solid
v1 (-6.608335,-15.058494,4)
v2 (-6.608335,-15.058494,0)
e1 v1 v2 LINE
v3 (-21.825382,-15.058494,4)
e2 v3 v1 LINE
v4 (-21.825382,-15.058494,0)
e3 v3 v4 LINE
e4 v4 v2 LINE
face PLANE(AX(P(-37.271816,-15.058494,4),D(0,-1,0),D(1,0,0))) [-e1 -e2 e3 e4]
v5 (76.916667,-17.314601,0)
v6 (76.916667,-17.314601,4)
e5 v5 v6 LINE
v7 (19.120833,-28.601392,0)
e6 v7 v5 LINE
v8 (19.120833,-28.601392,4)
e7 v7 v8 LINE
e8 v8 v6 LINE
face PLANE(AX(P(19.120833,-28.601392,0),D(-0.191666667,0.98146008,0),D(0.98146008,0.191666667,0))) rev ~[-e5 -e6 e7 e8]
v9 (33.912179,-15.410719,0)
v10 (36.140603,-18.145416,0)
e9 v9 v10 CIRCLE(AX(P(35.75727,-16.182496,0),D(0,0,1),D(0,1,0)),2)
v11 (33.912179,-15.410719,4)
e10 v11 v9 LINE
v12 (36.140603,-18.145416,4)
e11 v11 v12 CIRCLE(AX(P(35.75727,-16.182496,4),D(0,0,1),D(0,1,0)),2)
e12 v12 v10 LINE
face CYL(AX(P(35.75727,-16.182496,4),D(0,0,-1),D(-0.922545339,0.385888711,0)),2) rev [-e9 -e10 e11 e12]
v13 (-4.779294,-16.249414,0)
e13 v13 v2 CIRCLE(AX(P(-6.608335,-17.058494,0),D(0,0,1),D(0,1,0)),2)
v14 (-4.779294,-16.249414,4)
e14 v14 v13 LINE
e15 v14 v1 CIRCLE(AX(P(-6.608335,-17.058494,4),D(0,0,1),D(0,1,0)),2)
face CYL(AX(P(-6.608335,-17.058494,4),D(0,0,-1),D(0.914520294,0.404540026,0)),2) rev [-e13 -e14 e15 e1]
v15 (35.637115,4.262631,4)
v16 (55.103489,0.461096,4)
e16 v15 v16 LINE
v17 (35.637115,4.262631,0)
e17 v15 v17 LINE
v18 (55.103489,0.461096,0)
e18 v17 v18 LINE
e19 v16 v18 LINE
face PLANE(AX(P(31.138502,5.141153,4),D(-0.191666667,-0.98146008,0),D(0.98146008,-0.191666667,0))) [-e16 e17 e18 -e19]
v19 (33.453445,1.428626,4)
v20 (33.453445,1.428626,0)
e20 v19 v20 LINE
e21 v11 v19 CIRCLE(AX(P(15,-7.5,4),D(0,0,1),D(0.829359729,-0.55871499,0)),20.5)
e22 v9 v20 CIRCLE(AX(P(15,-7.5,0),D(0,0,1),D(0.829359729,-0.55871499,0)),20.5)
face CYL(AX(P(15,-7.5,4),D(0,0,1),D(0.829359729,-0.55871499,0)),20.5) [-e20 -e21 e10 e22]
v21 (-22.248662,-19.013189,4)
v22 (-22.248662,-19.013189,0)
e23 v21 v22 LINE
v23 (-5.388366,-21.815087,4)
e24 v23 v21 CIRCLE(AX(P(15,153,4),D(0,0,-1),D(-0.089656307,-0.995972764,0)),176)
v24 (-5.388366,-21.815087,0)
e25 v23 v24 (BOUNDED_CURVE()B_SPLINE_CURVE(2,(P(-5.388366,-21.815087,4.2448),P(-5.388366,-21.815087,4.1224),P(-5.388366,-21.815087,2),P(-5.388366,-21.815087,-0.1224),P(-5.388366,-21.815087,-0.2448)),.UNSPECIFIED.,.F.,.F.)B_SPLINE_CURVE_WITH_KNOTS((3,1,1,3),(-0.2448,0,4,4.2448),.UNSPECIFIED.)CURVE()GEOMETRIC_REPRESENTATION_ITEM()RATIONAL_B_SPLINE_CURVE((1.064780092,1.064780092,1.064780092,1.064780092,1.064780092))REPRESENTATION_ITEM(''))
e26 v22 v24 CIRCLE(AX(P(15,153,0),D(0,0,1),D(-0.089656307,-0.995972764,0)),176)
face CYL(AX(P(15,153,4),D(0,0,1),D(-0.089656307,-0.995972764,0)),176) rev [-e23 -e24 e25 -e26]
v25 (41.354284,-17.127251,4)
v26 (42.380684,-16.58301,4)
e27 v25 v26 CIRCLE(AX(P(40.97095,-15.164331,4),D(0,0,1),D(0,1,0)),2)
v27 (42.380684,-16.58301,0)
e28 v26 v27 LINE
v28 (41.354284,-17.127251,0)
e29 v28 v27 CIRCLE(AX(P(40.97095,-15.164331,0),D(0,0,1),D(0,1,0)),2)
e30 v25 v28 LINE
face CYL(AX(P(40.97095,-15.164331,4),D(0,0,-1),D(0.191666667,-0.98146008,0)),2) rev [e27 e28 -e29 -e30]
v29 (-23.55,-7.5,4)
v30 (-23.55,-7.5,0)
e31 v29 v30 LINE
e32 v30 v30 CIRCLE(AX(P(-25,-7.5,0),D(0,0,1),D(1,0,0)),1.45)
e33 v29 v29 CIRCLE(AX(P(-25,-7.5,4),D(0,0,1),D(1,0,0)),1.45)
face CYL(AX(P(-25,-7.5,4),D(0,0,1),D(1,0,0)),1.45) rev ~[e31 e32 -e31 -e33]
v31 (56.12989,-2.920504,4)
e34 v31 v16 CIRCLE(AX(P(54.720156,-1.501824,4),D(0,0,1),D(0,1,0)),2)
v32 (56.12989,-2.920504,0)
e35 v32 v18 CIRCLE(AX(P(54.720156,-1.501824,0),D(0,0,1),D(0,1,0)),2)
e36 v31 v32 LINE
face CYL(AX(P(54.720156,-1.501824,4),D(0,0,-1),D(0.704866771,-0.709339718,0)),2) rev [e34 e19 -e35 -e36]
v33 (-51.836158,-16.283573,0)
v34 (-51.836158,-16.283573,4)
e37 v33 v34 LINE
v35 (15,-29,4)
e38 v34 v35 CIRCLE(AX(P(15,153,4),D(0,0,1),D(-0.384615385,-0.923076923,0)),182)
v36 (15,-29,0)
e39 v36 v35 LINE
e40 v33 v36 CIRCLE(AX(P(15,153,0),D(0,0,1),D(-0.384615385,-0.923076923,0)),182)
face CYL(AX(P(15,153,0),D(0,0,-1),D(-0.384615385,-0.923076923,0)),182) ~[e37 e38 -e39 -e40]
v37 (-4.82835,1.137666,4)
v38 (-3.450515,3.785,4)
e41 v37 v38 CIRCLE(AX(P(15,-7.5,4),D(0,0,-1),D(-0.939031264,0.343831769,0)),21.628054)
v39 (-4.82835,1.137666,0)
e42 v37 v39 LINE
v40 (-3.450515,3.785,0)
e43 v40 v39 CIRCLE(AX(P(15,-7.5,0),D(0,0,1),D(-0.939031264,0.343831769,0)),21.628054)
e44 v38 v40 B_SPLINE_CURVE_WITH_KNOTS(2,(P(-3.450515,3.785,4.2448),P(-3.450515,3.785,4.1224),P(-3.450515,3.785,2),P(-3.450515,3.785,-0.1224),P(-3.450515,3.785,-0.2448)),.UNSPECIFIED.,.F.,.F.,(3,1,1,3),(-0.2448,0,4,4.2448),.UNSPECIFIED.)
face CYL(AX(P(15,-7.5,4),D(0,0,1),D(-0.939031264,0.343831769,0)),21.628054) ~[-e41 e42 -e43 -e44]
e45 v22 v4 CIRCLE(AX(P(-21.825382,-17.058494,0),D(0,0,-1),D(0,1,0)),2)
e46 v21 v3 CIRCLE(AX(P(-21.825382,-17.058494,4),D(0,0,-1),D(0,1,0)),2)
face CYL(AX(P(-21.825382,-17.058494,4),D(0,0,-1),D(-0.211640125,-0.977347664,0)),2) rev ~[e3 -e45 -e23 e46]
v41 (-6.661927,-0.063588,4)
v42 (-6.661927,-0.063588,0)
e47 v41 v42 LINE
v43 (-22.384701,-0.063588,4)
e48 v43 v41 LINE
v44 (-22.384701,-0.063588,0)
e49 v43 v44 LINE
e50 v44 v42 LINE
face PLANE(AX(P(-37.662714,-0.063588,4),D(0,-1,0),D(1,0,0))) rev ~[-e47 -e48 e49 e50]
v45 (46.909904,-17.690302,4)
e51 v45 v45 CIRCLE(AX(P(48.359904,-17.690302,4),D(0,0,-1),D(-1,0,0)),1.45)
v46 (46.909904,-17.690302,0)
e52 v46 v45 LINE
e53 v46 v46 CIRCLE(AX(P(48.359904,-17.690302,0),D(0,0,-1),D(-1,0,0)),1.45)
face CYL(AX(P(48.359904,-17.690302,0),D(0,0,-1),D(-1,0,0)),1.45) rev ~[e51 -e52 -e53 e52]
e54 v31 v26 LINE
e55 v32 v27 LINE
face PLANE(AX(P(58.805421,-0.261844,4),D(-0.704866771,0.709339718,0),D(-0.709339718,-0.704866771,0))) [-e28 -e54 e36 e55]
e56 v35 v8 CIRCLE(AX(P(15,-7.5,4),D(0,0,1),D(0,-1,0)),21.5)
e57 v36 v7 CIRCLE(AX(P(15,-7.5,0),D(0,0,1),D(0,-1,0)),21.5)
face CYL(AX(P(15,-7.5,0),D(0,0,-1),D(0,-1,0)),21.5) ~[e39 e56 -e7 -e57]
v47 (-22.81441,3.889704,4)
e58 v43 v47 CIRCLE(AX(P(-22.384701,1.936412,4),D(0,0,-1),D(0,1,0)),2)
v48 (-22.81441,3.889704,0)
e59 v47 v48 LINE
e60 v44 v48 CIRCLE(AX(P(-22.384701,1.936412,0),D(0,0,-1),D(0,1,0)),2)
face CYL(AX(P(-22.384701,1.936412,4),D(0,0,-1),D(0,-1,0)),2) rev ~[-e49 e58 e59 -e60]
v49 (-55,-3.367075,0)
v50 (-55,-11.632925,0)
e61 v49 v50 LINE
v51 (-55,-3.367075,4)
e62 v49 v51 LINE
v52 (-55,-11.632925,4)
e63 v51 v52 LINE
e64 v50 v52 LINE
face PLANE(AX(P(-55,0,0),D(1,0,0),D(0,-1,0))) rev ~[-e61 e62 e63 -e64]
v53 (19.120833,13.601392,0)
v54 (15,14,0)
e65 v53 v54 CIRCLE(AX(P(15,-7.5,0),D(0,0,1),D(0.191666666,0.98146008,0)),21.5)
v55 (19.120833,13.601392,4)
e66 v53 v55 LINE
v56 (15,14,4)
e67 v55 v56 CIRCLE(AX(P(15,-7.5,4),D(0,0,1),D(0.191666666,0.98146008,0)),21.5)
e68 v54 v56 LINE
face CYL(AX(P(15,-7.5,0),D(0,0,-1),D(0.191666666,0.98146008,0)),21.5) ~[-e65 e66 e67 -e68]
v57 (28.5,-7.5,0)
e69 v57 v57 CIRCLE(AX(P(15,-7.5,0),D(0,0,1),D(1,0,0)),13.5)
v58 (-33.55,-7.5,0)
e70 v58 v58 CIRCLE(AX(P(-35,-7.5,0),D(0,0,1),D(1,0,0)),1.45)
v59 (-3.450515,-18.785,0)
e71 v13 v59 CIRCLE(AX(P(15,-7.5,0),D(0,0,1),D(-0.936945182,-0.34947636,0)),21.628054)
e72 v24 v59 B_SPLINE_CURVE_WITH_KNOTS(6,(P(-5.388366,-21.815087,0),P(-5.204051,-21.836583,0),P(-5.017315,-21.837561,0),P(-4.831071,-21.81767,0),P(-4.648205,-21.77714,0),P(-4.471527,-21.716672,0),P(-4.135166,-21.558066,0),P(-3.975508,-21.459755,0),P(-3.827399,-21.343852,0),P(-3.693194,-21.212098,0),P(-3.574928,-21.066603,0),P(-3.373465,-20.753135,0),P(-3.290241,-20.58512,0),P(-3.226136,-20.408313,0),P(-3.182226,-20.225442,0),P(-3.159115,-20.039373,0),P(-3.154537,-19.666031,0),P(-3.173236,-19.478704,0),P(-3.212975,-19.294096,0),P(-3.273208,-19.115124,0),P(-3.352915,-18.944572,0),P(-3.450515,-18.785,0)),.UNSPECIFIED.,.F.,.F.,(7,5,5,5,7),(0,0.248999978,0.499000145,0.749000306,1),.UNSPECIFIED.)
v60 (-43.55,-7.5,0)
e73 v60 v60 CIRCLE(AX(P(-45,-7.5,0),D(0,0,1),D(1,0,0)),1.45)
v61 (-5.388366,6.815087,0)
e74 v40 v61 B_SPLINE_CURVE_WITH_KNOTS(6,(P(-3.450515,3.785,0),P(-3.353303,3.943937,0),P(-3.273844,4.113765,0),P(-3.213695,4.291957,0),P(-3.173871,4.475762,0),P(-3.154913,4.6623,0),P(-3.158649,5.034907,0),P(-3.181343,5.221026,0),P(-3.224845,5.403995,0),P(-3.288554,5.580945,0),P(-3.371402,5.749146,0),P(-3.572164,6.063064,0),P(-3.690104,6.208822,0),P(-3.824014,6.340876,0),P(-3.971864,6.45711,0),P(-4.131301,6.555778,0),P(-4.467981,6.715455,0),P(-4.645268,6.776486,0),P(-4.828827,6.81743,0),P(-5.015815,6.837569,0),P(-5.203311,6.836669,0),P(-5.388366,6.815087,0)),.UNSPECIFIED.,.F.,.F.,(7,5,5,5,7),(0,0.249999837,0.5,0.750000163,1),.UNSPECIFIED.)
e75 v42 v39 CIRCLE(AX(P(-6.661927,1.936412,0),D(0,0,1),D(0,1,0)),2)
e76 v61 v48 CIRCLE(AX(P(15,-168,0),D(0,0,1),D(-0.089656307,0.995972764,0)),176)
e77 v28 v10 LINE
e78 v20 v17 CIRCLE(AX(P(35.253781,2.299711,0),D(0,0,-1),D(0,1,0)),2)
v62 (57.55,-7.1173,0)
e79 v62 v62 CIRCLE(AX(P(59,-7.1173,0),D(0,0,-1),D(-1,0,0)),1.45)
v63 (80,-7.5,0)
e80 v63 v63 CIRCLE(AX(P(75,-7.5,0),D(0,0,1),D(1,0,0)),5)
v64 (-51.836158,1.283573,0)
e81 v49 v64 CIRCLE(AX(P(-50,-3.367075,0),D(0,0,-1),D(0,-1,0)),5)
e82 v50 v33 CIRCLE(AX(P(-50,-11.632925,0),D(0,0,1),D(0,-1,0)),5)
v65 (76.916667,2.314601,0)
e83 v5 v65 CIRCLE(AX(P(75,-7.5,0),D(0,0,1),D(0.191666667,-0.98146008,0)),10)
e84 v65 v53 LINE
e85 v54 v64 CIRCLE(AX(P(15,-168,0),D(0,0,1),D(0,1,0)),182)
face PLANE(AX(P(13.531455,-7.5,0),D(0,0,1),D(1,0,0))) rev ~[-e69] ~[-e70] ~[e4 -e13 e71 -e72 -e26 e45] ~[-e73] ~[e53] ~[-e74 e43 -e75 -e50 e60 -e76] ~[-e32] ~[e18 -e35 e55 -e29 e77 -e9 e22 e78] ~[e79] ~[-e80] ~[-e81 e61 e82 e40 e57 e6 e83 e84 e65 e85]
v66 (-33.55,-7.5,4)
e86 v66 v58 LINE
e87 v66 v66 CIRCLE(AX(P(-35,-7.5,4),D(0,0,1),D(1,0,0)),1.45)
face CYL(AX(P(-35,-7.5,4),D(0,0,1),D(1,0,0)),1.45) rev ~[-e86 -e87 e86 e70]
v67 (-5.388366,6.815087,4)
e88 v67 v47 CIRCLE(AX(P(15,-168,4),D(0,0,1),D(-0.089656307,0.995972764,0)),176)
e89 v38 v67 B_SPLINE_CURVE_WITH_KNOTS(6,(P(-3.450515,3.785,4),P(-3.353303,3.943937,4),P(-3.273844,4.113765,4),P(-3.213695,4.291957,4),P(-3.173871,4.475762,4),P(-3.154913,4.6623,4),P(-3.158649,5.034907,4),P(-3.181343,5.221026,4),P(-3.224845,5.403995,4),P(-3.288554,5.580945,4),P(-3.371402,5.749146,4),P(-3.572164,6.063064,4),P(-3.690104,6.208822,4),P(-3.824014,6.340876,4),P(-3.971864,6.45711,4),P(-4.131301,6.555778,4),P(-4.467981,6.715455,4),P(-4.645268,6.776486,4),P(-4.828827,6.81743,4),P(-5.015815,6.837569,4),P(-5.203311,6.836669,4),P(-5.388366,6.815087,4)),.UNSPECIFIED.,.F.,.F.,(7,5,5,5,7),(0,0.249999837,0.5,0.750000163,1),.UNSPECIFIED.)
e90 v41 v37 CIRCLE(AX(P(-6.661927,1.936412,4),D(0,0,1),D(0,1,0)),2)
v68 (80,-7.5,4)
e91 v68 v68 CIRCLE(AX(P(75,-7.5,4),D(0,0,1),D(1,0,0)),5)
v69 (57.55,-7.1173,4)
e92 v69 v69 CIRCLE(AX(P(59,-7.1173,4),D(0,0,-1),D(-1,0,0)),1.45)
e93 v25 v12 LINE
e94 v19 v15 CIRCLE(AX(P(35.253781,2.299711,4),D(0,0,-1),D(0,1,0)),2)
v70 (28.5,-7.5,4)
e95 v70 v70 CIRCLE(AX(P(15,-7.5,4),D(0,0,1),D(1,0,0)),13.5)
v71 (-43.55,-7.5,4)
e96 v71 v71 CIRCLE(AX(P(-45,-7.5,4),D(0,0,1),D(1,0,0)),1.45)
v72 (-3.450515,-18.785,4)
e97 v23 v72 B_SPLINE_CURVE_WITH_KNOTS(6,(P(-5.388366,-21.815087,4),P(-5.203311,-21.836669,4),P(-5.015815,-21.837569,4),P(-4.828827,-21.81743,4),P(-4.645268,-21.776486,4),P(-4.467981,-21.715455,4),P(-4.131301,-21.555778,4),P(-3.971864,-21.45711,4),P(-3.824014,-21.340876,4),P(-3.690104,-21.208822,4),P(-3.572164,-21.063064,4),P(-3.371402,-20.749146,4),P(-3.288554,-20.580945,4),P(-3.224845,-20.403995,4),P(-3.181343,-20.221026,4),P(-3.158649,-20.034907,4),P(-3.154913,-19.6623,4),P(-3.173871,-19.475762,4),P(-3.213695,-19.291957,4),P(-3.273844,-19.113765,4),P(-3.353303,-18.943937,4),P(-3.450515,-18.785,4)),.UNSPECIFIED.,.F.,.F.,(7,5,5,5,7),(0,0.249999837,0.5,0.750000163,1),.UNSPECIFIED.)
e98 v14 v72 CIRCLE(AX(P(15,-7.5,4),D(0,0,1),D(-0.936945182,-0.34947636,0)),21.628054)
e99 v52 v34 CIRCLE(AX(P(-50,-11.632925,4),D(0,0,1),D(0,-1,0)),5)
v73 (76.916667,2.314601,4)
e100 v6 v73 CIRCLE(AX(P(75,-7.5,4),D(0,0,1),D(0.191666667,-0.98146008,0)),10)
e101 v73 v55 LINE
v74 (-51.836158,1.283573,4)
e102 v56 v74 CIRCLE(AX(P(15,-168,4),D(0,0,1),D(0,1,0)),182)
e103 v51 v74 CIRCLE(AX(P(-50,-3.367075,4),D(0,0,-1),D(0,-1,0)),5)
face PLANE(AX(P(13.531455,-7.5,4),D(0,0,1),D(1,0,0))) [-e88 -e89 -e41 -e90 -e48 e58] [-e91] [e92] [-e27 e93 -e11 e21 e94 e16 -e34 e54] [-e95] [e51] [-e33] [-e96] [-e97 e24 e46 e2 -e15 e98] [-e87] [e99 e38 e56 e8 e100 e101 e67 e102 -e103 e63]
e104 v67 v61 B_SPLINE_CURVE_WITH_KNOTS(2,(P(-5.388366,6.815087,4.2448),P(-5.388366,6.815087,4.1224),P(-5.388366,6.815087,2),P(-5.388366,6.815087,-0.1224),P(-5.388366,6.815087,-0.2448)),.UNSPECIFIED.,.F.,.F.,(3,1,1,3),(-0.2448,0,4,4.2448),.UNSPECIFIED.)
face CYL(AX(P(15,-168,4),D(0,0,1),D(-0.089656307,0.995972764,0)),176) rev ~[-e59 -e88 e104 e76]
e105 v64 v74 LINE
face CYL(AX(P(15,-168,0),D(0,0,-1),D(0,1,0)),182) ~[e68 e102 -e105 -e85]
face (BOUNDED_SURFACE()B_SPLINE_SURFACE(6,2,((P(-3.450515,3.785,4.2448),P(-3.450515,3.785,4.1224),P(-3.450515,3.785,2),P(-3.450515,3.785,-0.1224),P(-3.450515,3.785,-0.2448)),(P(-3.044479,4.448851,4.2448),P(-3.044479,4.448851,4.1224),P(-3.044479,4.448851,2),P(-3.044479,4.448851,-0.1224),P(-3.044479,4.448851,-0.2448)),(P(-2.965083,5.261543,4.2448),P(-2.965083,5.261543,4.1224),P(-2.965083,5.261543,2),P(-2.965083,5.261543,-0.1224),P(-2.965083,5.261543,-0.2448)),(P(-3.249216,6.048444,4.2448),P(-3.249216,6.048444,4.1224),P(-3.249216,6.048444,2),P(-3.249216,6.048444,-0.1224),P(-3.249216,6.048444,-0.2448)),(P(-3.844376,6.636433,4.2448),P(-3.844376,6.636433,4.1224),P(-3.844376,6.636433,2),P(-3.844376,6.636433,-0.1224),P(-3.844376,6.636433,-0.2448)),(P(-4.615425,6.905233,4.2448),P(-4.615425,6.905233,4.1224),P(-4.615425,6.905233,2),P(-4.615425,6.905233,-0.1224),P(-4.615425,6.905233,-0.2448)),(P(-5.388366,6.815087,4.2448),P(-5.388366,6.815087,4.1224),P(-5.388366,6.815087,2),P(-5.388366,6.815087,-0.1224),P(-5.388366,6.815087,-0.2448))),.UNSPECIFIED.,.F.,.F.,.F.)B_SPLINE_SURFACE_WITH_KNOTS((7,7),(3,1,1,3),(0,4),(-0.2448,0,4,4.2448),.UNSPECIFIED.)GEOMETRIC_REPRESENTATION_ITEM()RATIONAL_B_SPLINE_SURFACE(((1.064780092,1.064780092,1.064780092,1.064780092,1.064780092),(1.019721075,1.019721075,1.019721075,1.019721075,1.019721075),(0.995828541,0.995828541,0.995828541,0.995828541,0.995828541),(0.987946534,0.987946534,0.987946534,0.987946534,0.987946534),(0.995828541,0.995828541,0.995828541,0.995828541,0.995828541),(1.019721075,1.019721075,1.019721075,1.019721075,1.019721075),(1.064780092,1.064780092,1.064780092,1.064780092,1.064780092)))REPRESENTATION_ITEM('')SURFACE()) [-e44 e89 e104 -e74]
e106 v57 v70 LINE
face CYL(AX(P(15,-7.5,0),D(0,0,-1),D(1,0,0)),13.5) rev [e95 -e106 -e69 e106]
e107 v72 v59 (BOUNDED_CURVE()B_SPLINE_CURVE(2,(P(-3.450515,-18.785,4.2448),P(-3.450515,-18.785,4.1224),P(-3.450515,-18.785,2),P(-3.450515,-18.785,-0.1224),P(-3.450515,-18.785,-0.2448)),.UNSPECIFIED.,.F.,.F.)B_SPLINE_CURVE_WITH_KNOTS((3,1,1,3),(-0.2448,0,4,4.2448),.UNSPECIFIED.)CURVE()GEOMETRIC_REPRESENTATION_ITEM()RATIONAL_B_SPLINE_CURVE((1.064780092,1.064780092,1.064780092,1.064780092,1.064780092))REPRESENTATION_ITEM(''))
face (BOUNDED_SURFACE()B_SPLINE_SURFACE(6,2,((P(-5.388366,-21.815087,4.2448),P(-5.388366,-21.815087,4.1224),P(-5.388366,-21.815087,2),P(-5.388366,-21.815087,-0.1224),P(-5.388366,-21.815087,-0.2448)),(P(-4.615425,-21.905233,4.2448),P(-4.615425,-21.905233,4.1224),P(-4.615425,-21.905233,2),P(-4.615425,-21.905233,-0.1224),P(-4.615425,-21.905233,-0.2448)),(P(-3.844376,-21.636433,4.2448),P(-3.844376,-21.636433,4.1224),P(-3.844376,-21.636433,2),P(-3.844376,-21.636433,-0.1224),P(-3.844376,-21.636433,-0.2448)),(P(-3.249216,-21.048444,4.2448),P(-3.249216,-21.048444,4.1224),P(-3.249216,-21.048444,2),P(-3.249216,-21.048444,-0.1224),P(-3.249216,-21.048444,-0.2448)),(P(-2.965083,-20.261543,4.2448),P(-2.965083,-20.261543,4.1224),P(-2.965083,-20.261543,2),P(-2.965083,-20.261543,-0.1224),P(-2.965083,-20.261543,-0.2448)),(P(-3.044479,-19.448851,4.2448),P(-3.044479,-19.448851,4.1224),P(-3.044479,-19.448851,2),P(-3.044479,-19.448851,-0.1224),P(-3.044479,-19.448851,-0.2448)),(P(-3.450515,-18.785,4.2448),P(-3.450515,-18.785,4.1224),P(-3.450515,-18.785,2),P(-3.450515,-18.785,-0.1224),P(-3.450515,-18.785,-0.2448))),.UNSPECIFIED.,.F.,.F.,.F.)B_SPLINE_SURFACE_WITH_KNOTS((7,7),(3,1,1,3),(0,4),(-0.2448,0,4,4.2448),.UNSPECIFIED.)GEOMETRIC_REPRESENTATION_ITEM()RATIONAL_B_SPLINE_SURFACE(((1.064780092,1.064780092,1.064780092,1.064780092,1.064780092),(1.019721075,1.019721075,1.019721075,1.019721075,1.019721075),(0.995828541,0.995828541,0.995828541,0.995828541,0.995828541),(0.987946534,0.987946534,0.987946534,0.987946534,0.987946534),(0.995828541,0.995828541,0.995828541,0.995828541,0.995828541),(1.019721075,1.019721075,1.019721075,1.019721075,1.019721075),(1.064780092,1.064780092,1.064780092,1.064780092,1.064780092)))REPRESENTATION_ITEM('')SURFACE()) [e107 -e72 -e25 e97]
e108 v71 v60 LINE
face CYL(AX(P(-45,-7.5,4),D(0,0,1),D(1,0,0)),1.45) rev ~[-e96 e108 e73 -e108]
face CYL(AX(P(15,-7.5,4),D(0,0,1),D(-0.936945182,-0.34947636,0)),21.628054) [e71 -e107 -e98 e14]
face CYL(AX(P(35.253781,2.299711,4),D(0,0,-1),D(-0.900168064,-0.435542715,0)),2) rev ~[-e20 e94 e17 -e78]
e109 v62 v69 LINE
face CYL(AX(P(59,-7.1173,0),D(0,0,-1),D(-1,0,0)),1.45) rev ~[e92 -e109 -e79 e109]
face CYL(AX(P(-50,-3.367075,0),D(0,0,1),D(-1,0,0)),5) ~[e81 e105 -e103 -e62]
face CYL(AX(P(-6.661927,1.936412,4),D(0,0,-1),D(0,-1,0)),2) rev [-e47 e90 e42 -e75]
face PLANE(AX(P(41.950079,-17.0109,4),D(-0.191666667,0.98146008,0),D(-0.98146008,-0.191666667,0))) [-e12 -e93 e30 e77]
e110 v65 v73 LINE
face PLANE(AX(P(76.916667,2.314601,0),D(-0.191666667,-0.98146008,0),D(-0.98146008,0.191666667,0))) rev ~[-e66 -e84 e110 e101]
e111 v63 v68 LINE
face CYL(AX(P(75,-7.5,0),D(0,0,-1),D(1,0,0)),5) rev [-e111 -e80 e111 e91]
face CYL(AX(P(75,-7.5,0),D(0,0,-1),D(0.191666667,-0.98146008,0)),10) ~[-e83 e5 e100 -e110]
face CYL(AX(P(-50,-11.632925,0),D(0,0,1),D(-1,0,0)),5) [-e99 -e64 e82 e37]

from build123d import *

# Parameters (mm, degrees)
SKETCH_1_R          = 13.5
SKETCH_1_R_2        = 5
EXTRUDE_1_DEPTH     = 4
SKETCH_2_R          = 1.45
CUT_EXTRUDE_1_DEPTH = 90.899944383
SKETCH_4_R          = 1.45
CUT_EXTRUDE_3_DEPTH = 90.899944383
FILLET_4_R          = 5
CUT_EXTRUDE_4_DEPTH = 90.899944383
FILLET_5_R          = 2


with BuildPart() as part:
    # 草图1 → 凸台-拉伸1 (new body)
    with BuildSketch(Plane.XY):
        with BuildLine():
            Line((-55, 0), (-55, -15))
            ThreePointArc((-55, -15), (-20.693136595, -25.465682976), (15, -29))
            ThreePointArc((15, -29), (17.07003357, -28.900115911), (19.120833333, -28.601391723))
            Line((19.120833333, -28.601391723), (76.916666667, -17.314600801))
            ThreePointArc((76.916666667, -17.314600801), (85, -7.5), (76.916666667, 2.314600801))
            Line((76.916666667, 2.314600801), (19.120833333, 13.601391723))
            ThreePointArc((19.120833333, 13.601391723), (17.07003357, 13.900115911), (15, 14))
            ThreePointArc((15, 14), (-20.693136595, 10.465682976), (-55, 0))
        make_face()
        with Locations((15, -7.5)):
            Circle(SKETCH_1_R, mode=Mode.SUBTRACT)
        with Locations((75, -7.5)):
            Circle(SKETCH_1_R_2, mode=Mode.SUBTRACT)
    extrude(amount=EXTRUDE_1_DEPTH)

    # 草图2 → 切除-拉伸1 (cut, through all)
    with BuildSketch(Plane.XY.offset(4)):
        with Locations((-45, -7.5)):
            Circle(SKETCH_2_R)
        with Locations((-35, -7.5)):
            Circle(SKETCH_2_R)
        with Locations((-25, -7.5)):
            Circle(SKETCH_2_R)
    extrude(amount=-CUT_EXTRUDE_1_DEPTH, mode=Mode.SUBTRACT)

    # 草图4 → 切除-拉伸3 (cut, through all)
    with BuildSketch(Plane(origin=(0, 0, 0), x_dir=(-1, 0, 0), z_dir=(0, 0, -1))):
        with Locations((-59, -7.117300414)):
            Circle(SKETCH_4_R)
        with Locations((-48.359904235, -17.69030198)):
            Circle(SKETCH_4_R)
    extrude(amount=-CUT_EXTRUDE_3_DEPTH, mode=Mode.SUBTRACT)

    # 圆角4
    fillet_4_edges = [part.edges().sort_by_distance(p)[0] for p in [
        (-55, -15, 2),
        (-55, 0, 2),
    ]]
    fillet(fillet_4_edges, radius=FILLET_4_R)

    # 草图5 → 切除-拉伸4 (cut, through all)
    with BuildSketch(Plane.XY.offset(4)):
        with BuildLine():
            Line((-37.662714363, -0.06358788), (-5.309418997, -0.06358788))
            ThreePointArc((-5.309418997, -0.06358788), (-3.415372639, 3.842256204), (-0.779510023, 7.291206463))
            ThreePointArc((-0.779510023, 7.291206463), (-19.418131409, 4.60183148), (-37.662714363, -0.06358788))
        make_face()
        with BuildLine():
            Line((-37.271815743, -15.058493623), (-5.264301107, -15.058493623))
            ThreePointArc((-5.264301107, -15.058493623), (-3.381161932, -18.897614279), (-0.779510023, -22.291206463))
            ThreePointArc((-0.779510023, -22.291206463), (-19.217302179, -19.641756918), (-37.271815743, -15.058493623))
        make_face()
        with BuildLine():
            Line((31.138502072, 5.141153068), (58.805420584, -0.261844115))
            Line((58.805420584, -0.261844115), (41.950078957, -17.010899515))
            Line((41.950078957, -17.010899515), (32.001874449, -18.953657286))
            ThreePointArc((32.001874449, -18.953657286), (35.486852137, -6.765909049), (31.138502072, 5.141153068))
        make_face()
    extrude(amount=-CUT_EXTRUDE_4_DEPTH, mode=Mode.SUBTRACT)

    # 圆角5
    fillet_5_edges = [part.edges().sort_by_distance(p)[0] for p in [
        (32.001874449, -18.953657286, 2),
        (31.138502072, 5.141153068, 2),
        (58.805420584, -0.261844115, 2),
        (41.950078957, -17.010899515, 2),
        (-37.662714363, -0.06358788, 2),
        (-0.779510023, 7.291206463, 2),
        (-5.309418997, -0.06358788, 2),
        (-0.779510023, -22.291206463, 2),
        (-37.271815743, -15.058493623, 2),
        (-5.264301107, -15.058493623, 2),
    ]]
    fillet(fillet_5_edges, radius=FILLET_5_R)


solid = part.part
